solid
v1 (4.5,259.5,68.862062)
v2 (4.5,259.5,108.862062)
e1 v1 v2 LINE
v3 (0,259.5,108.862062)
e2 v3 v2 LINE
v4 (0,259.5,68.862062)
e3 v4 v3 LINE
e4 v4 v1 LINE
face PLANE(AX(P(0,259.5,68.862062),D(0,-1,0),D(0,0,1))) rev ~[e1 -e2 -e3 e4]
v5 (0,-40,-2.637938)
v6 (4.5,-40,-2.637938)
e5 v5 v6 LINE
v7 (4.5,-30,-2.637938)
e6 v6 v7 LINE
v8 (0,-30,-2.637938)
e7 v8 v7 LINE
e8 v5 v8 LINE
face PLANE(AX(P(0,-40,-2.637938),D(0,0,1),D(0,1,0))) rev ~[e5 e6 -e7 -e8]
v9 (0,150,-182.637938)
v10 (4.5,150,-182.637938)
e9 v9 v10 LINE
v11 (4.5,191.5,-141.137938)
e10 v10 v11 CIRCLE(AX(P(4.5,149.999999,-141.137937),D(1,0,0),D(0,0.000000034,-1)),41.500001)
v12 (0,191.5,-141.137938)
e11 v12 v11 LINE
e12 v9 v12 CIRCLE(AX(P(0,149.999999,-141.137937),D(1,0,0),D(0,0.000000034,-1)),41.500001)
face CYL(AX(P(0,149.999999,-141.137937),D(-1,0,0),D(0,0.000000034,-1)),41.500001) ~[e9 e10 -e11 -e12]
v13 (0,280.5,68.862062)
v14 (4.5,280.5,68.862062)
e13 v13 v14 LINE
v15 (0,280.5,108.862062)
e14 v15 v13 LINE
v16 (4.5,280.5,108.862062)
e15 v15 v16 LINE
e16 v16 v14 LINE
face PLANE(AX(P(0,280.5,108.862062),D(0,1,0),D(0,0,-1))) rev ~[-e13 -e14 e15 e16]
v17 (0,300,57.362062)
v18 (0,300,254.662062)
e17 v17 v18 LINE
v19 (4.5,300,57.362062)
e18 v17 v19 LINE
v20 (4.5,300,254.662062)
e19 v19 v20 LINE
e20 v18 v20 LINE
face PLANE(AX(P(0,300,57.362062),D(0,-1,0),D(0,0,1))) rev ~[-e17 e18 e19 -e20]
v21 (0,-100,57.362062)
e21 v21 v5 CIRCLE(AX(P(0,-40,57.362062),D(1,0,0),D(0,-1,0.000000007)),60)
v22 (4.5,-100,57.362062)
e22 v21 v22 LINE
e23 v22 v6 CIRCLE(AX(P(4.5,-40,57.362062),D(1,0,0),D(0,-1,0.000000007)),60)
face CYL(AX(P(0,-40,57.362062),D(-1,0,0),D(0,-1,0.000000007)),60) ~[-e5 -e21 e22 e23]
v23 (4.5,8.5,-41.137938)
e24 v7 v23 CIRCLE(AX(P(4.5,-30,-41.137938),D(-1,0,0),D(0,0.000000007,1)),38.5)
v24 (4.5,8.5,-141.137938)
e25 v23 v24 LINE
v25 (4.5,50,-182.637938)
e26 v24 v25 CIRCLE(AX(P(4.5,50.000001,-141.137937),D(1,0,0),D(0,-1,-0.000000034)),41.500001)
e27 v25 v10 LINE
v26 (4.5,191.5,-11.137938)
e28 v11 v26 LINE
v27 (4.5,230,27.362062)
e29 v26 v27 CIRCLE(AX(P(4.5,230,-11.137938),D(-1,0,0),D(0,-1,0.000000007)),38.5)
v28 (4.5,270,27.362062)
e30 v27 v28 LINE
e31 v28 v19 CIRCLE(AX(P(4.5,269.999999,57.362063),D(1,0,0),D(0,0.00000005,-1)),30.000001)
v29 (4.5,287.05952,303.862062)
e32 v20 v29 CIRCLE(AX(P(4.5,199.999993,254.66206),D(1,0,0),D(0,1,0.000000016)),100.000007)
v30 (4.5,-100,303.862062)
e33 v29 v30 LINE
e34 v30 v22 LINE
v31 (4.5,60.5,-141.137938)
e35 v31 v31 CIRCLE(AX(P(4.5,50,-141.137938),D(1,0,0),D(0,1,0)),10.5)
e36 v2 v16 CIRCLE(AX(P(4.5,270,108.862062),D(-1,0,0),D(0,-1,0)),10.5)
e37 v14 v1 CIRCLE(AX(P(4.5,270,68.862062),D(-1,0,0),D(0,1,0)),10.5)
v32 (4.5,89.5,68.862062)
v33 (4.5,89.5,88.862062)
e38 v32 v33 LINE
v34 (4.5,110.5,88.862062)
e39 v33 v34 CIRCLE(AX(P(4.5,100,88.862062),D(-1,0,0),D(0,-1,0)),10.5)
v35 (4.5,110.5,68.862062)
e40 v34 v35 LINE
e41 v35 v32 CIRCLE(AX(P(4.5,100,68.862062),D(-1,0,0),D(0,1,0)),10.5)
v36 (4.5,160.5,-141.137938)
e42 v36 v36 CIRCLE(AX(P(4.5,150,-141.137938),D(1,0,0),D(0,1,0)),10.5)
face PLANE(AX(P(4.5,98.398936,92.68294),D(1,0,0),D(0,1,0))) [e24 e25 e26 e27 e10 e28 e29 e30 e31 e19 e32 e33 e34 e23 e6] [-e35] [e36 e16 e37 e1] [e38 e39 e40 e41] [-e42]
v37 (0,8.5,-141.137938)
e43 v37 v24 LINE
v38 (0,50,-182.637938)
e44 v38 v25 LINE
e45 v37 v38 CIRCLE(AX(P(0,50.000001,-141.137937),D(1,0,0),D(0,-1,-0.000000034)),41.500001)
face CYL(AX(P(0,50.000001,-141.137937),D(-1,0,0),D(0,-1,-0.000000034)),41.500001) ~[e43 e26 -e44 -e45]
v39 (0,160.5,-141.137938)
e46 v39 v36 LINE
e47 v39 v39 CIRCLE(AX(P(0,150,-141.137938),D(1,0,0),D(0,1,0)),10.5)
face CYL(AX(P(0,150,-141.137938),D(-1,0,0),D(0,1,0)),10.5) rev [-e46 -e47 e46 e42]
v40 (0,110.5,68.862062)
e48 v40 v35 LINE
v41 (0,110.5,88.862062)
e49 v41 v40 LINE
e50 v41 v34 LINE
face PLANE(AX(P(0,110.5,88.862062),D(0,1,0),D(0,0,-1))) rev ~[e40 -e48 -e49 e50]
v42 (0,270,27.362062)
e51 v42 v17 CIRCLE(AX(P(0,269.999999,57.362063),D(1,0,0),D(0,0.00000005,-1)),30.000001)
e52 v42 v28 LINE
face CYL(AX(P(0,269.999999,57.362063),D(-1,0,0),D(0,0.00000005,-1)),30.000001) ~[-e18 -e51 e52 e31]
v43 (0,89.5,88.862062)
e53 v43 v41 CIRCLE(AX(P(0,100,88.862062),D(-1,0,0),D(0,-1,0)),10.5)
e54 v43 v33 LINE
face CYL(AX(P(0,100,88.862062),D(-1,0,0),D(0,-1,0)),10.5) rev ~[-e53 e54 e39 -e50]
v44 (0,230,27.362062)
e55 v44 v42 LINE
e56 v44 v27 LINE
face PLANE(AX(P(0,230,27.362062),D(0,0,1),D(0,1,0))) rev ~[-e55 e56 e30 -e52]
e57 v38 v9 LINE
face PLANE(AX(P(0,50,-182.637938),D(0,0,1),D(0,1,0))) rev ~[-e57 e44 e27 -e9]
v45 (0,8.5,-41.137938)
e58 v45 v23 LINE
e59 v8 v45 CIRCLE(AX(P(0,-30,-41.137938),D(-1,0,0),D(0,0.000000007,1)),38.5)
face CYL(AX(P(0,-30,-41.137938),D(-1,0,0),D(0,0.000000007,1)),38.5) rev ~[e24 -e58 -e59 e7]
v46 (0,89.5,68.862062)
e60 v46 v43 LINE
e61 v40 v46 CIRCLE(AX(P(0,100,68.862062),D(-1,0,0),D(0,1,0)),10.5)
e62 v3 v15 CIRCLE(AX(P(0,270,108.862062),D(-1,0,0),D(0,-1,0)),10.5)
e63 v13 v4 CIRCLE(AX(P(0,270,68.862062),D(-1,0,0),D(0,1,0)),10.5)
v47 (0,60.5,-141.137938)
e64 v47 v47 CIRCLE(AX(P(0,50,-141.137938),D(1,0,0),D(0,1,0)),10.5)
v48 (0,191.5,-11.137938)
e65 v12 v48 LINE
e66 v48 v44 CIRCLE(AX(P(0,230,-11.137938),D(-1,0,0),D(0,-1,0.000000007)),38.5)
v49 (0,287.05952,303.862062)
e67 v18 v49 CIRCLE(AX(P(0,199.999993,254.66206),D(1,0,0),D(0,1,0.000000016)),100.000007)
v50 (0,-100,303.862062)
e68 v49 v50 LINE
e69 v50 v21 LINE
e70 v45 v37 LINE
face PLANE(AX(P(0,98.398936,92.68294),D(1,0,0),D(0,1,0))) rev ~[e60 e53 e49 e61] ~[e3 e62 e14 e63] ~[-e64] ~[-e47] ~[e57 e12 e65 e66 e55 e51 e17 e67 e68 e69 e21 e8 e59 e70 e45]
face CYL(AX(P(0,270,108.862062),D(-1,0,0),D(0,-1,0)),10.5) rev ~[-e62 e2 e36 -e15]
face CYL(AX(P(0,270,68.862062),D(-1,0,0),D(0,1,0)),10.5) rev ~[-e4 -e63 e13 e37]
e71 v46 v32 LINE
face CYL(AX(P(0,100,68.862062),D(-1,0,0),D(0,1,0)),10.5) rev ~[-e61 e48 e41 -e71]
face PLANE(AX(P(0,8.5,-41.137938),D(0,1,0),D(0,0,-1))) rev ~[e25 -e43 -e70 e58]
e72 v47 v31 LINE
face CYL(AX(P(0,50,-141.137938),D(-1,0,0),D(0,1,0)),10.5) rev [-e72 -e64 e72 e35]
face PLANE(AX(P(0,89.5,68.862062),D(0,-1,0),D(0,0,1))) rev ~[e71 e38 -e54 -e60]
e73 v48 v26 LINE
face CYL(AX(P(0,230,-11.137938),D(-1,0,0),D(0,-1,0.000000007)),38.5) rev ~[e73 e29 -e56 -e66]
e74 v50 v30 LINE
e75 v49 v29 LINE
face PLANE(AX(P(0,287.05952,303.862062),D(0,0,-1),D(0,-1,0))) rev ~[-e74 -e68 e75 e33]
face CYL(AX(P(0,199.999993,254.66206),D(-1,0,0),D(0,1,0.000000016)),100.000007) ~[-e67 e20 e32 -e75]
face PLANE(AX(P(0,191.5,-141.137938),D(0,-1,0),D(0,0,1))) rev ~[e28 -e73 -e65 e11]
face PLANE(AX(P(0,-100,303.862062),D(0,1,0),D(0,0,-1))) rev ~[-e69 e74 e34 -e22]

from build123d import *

# Parameters (mm, degrees)
F0_R     = 10.5
F1_DEPTH = 4.5


with BuildPart() as f1:
    # F0 (on Right) → F1 (new body)
    with BuildSketch(Plane.YZ):
        with BuildLine():
            Line((287.05952, 303.862062), (-100, 303.862062))
            Line((-100, 303.862062), (-100, 57.362062))
            ThreePointArc((-100, 57.362062), (-82.426407, 14.935655), (-40, -2.637938))
            Line((-40, -2.637938), (-30, -2.637938))
            ThreePointArc((-30, -2.637938), (-2.776389, -13.914327), (8.5, -41.137938))
            Line((8.5, -41.137938), (8.5, -141.137938))
            ThreePointArc((8.5, -141.137938), (20.655069, -170.482869), (50, -182.637938))
            Line((50, -182.637938), (150, -182.637938))
            ThreePointArc((150, -182.637938), (179.344931, -170.482869), (191.5, -141.137938))
            Line((191.5, -141.137938), (191.5, -11.137938))
            ThreePointArc((191.5, -11.137938), (202.776389, 16.085673), (230, 27.362062))
            Line((230, 27.362062), (270, 27.362062))
            ThreePointArc((270, 27.362062), (291.213203, 36.148859), (300, 57.362062))
            Line((300, 57.362062), (300, 254.662062))
            ThreePointArc((300, 254.662062), (296.710785, 280.098729), (287.05952, 303.862062))
        make_face()
        with Locations((50, -141.137938)):
            Circle(F0_R, mode=Mode.SUBTRACT)
        with Locations((150, -141.137938)):
            Circle(F0_R, mode=Mode.SUBTRACT)
        with BuildLine():
            ThreePointArc((89.5, 88.862062), (100, 99.362062), (110.5, 88.862062))
            Line((110.5, 88.862062), (110.5, 68.862062))
            ThreePointArc((110.5, 68.862062), (100, 58.362062), (89.5, 68.862062))
            Line((89.5, 68.862062), (89.5, 88.862062))
        make_face(mode=Mode.SUBTRACT)
        with BuildLine():
            Line((259.5, 68.862062), (259.5, 88.862062))
            Line((259.5, 88.862062), (259.5, 108.862062))
            ThreePointArc((259.5, 108.862062), (270, 119.362062), (280.5, 108.862062))
            Line((280.5, 108.862062), (280.5, 68.862062))
            ThreePointArc((280.5, 68.862062), (270, 58.362062), (259.5, 68.862062))
        make_face(mode=Mode.SUBTRACT)
    extrude(amount=F1_DEPTH)


solid = f1.part
